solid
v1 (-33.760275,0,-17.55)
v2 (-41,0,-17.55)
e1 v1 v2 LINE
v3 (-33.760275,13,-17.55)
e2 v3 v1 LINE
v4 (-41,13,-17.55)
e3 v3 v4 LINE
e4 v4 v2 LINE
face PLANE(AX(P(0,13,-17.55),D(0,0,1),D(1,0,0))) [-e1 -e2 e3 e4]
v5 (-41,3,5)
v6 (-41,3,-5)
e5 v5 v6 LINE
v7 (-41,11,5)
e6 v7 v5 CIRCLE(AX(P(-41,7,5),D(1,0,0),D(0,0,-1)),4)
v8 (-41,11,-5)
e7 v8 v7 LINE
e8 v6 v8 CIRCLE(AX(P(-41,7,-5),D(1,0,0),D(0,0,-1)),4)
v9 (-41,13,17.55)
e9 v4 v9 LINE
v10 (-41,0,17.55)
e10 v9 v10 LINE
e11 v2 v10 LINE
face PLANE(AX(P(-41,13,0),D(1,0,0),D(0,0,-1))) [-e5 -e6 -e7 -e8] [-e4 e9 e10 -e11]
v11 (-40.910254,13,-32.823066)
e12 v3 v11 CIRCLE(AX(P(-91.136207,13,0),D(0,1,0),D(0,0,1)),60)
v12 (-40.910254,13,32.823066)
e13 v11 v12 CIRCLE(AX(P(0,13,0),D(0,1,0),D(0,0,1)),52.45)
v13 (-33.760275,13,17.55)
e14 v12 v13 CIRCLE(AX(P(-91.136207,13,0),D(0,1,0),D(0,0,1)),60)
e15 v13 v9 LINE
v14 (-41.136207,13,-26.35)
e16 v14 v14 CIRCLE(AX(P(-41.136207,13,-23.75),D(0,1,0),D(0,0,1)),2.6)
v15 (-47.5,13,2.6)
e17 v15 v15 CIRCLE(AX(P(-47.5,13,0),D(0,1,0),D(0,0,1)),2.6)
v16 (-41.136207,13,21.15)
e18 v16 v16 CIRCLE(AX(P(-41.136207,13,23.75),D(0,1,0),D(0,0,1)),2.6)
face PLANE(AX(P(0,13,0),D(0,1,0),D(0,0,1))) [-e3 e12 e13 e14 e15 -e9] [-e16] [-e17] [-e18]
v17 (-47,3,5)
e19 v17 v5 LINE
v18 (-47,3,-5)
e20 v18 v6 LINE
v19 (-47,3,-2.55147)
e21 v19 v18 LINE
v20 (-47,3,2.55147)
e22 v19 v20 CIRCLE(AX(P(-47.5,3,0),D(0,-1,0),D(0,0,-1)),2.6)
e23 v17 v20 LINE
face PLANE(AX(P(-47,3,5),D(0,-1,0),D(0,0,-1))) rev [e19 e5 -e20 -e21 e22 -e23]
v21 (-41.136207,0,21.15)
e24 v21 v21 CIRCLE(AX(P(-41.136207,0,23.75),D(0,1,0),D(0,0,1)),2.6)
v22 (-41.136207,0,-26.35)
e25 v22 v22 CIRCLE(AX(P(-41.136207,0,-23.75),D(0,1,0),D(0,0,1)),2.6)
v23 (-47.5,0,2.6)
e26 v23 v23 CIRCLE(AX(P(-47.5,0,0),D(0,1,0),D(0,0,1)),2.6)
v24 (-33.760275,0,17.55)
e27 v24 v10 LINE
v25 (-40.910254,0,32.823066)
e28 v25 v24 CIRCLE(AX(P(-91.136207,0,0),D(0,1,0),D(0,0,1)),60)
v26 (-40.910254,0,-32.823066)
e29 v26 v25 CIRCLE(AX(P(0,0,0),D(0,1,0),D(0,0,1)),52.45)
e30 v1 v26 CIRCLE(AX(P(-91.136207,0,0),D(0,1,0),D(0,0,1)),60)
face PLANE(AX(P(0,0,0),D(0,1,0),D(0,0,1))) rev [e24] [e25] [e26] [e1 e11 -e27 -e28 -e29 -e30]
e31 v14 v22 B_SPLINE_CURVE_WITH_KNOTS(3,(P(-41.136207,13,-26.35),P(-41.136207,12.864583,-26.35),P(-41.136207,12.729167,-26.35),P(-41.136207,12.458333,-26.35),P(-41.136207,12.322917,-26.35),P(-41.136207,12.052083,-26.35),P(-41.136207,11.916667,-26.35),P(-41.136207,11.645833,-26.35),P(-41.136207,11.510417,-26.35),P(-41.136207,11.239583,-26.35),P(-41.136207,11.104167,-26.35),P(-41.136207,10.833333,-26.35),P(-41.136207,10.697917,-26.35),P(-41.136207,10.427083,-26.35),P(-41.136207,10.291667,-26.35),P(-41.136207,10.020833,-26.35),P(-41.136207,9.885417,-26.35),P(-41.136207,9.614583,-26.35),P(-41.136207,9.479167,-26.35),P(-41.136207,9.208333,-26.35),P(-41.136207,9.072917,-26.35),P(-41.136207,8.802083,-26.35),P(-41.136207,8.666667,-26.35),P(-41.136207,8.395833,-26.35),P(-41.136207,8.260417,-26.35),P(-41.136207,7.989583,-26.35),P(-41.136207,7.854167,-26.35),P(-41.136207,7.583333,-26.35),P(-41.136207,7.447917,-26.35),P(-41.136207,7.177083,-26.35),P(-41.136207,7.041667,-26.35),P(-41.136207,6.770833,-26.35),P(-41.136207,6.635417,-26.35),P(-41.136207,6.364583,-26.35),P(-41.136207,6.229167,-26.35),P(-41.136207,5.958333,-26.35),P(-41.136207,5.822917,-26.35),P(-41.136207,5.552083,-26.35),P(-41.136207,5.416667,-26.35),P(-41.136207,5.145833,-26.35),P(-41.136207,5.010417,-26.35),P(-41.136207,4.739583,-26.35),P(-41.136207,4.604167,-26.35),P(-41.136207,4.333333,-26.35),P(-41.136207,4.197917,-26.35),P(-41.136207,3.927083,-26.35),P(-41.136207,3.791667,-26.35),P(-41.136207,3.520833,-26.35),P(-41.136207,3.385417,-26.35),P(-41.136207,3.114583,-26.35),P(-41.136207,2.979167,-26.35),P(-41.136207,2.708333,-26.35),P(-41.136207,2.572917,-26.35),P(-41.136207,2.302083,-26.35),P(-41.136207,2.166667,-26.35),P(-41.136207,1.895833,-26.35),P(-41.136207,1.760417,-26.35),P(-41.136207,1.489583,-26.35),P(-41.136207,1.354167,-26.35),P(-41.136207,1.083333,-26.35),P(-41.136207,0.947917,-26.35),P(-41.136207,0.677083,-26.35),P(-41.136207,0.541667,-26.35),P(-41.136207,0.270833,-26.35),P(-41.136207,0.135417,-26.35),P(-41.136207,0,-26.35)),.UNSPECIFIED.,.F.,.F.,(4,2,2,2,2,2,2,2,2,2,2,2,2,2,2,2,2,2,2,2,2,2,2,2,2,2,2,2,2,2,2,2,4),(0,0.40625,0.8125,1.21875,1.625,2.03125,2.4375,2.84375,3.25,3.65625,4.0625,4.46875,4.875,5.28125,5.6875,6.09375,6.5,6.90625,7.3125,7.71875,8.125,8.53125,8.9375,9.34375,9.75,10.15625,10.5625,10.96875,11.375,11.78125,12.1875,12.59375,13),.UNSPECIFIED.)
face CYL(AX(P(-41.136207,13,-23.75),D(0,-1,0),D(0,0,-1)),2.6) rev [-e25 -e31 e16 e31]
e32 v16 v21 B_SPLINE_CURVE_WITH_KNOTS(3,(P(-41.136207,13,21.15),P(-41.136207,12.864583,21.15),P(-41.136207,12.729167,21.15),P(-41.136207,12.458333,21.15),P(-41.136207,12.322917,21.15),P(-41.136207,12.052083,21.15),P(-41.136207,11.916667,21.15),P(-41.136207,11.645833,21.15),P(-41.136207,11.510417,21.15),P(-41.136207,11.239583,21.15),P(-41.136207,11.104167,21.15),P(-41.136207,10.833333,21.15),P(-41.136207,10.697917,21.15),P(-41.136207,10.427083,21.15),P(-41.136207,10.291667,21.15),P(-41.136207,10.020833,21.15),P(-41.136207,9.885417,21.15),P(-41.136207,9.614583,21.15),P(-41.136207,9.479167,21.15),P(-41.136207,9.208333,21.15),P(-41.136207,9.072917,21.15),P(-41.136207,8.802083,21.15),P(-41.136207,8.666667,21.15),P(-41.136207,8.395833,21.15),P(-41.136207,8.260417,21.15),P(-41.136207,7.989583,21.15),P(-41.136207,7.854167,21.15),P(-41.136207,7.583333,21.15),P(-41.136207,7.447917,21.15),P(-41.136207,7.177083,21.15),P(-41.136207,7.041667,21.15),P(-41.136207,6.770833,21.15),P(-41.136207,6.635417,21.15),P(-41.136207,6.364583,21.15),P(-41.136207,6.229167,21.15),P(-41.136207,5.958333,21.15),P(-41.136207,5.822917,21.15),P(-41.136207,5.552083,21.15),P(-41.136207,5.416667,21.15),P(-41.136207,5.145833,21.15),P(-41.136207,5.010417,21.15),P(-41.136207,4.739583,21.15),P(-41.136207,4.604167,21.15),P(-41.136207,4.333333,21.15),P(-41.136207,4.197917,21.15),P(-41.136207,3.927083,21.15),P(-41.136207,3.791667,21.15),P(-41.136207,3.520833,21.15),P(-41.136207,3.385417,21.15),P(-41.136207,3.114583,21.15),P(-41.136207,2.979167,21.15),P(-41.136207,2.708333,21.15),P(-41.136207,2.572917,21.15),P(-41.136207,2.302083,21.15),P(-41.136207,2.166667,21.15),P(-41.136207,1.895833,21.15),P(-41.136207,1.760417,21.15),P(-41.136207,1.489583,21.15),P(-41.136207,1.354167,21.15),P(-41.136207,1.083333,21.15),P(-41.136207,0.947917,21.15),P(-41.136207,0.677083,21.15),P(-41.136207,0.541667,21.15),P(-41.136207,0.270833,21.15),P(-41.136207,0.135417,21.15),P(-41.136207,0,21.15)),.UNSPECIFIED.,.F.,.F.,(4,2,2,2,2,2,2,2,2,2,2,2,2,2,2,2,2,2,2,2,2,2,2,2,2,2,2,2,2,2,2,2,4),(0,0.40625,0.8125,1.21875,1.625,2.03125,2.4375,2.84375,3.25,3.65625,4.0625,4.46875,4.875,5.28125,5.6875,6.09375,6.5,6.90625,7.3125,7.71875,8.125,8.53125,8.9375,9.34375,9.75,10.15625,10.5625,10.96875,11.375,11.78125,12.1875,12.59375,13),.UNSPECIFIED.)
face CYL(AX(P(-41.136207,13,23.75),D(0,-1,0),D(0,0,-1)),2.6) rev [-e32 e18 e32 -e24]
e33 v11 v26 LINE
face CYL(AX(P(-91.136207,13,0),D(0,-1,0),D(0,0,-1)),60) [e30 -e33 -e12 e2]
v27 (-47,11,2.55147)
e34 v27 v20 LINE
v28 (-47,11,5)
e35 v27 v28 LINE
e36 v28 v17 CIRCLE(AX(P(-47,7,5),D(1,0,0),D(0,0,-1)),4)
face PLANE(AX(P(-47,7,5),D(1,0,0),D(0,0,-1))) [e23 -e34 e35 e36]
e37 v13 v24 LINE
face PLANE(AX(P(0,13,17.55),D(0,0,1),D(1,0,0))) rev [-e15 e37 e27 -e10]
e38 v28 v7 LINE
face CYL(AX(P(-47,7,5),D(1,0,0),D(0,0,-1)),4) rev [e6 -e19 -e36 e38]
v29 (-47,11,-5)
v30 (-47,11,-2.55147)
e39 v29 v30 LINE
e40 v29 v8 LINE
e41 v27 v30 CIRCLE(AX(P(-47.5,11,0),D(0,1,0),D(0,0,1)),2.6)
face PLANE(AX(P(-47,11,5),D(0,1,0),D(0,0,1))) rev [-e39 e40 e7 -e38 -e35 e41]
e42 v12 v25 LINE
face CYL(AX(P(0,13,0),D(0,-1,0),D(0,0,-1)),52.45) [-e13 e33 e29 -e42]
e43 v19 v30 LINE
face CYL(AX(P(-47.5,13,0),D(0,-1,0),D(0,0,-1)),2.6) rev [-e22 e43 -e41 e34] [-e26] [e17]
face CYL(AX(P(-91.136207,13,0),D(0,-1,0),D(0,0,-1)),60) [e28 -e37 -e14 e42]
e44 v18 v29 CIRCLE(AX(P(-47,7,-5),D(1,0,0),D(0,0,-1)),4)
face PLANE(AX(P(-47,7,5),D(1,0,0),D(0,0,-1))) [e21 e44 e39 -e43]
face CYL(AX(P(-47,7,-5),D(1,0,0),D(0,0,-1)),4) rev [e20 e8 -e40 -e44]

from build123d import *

# Parameters (mm, degrees)
SKETCH_1_R          = 2.6
EXTRUDE_1_DEPTH     = 13
CUT_EXTRUDE_1_DEPTH = 6


with BuildPart() as part:
    # 草图1 → 凸台-拉伸1 (new body)
    with BuildSketch(Plane(origin=(0, 0, 0), x_dir=(1, 0, 0), z_dir=(0, 1, 0))):
        with BuildLine():
            Line((-33.760275315, -17.55), (-41, -17.55))
            Line((-41, -17.55), (-41, 17.55))
            Line((-41, 17.55), (-33.760275315, 17.55))
            ThreePointArc((-33.760275315, 17.55), (-36.796000438, 25.438985546), (-40.910253672, 32.823065739))
            ThreePointArc((-40.910253672, 32.823065739), (-52.45, 0), (-40.910253672, -32.823065739))
            ThreePointArc((-40.910253672, -32.823065739), (-36.796000438, -25.438985546), (-33.760275315, -17.55))
        make_face()
        with Locations(Location((-41.13620668, -23.75, 0), (0, 0, 90))):
            Circle(SKETCH_1_R, mode=Mode.SUBTRACT)
        with Locations(Location((-41.13620668, 23.75, 0), (0, 0, 90))):
            Circle(SKETCH_1_R, mode=Mode.SUBTRACT)
        with Locations(Location((-47.5, 0, 0), (0, 0, 90))):
            Circle(SKETCH_1_R, mode=Mode.SUBTRACT)
    extrude(amount=EXTRUDE_1_DEPTH)

    # 草图3 → 切除-拉伸1 (cut)
    with BuildSketch(Plane(origin=(-41, 0, 0), x_dir=(0, 0, -1), z_dir=(1, 0, 0))):
        with BuildLine():
            Line((-5, 11), (5, 11))
            ThreePointArc((5, 11), (9, 7), (5, 3))
            Line((5, 3), (-5, 3))
            ThreePointArc((-5, 3), (-9, 7), (-5, 11))
        make_face()
    extrude(amount=-CUT_EXTRUDE_1_DEPTH, mode=Mode.SUBTRACT)


solid = part.part
